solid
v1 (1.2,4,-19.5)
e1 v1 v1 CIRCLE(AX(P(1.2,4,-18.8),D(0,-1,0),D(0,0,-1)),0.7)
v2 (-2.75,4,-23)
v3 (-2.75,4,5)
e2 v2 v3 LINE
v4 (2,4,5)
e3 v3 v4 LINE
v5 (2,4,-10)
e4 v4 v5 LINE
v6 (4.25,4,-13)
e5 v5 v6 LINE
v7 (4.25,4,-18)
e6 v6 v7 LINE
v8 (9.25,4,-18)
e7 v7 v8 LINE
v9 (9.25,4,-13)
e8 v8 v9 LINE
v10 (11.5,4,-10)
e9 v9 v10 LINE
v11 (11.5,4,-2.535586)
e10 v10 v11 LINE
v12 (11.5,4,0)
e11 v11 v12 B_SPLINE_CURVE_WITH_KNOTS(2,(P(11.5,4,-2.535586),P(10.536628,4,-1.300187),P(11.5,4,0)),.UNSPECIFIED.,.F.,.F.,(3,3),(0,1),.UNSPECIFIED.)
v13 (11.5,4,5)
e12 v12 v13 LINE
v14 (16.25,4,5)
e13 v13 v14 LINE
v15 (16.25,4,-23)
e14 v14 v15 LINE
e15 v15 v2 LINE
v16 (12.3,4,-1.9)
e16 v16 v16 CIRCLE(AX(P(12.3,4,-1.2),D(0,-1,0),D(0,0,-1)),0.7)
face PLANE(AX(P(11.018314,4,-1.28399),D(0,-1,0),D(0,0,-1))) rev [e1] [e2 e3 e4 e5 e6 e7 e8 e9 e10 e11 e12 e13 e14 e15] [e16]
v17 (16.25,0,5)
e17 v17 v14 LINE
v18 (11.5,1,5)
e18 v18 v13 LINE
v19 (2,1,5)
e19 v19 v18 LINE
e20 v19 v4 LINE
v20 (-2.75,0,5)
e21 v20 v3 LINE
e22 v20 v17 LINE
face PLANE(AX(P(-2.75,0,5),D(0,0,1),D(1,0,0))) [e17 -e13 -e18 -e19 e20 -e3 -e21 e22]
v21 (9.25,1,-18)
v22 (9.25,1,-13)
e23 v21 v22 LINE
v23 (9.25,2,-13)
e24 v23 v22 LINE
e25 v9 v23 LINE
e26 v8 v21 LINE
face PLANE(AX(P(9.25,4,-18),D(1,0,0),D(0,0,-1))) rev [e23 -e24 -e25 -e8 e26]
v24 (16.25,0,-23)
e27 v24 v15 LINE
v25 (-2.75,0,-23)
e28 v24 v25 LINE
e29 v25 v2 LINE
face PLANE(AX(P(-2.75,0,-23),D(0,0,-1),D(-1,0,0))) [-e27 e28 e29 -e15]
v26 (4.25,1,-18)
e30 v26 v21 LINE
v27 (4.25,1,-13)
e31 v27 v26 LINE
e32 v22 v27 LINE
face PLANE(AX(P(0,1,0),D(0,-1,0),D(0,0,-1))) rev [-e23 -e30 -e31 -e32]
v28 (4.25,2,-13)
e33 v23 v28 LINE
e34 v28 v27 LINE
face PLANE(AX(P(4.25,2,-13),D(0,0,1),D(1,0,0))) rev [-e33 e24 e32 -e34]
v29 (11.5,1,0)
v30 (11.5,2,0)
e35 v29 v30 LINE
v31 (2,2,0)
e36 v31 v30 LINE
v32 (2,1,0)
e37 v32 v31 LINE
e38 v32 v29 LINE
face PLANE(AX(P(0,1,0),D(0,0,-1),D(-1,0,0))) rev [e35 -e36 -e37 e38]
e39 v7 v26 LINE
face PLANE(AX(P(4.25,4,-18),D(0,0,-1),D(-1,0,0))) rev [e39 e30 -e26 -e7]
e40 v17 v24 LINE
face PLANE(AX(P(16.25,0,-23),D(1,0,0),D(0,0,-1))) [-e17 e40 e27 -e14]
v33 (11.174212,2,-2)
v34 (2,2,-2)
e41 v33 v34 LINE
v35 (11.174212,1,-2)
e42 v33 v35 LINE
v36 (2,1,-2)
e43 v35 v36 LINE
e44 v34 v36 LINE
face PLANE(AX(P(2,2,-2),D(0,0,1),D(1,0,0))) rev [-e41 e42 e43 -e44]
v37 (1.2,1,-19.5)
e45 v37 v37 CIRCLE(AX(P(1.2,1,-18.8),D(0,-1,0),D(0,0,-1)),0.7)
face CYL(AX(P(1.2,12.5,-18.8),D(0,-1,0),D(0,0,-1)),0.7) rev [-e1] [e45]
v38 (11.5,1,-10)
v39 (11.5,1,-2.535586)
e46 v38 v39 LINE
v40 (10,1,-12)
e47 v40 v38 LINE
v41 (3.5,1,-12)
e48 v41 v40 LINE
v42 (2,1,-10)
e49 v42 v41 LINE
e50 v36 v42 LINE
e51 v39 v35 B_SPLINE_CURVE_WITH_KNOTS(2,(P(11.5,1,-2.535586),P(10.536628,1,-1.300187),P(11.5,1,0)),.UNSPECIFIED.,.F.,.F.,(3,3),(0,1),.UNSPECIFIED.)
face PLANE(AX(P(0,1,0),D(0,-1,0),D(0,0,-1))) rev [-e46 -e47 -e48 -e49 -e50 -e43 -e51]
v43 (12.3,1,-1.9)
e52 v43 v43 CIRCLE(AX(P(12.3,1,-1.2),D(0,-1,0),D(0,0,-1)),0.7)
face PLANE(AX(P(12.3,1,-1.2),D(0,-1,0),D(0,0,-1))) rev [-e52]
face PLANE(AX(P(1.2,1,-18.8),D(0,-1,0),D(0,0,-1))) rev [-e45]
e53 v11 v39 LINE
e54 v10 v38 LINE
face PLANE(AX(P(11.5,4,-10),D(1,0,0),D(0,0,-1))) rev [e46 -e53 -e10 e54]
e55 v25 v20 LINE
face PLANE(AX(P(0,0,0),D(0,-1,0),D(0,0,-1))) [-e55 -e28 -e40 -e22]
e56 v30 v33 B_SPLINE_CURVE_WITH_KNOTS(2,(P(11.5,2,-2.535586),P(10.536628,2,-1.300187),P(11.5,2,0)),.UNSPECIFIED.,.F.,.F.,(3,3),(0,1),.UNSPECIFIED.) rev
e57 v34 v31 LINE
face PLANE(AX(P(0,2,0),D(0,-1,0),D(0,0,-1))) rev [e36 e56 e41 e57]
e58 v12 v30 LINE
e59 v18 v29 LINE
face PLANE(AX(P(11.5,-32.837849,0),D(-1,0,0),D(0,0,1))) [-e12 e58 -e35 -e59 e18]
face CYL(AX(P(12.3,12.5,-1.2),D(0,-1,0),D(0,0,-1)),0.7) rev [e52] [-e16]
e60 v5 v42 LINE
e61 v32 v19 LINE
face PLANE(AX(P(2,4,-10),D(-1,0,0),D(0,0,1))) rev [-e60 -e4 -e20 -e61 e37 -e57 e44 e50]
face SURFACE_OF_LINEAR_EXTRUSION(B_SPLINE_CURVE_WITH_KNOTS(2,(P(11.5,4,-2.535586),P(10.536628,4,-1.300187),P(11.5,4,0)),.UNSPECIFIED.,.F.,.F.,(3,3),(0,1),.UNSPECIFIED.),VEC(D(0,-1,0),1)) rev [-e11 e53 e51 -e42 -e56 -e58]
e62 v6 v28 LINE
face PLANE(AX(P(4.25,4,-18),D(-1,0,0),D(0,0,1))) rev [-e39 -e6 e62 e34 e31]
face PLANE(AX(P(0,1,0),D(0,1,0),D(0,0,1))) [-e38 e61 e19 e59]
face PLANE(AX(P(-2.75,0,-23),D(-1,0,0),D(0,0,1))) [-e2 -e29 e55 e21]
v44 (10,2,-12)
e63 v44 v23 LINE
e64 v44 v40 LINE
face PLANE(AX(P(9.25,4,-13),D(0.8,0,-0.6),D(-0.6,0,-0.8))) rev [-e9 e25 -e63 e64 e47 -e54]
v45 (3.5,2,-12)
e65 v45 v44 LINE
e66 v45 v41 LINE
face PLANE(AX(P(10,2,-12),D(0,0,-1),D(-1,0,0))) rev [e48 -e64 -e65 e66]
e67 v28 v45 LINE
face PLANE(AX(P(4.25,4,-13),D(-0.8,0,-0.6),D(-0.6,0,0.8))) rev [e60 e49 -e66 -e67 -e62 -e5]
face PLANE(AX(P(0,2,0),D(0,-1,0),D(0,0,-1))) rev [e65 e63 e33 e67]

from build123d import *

# Parameters (mm, degrees)
SKETCH1_W           = 13.5
SKETCH1_H           = 20
BOSS_EXTRUDE1_DEPTH = 1
BOSS_EXTRUDE2_DEPTH = 3
BOSS_EXTRUDE3_DEPTH = 1
CUT_EXTRUDE1_START  = -1
SKETCH4_R           = 0.7
CUT_EXTRUDE1_DEPTH  = 11.5
SKETCH5_W           = 9.5
SKETCH5_H           = 2
BOSS_EXTRUDE4_DEPTH = 1
SKETCH6_W           = 19
SKETCH6_H           = 28
SKETCH6_W_2         = 13.5
SKETCH6_H_2         = 20
BOSS_EXTRUDE5_DEPTH = 1
BOSS_EXTRUDE6_DEPTH = 3


with BuildPart() as part:
    # Sketch1 → Boss-Extrude1 (new body)
    with BuildSketch(Plane(origin=(0, 0, 0), x_dir=(1, 0, 0), z_dir=(0, 1, 0))):
        with Locations((6.75, 10)):
            Rectangle(SKETCH1_W, SKETCH1_H)
    extrude(amount=BOSS_EXTRUDE1_DEPTH)

    # Sketch2 → Boss-Extrude2 (add)
    with BuildSketch(Plane(origin=(0, 1, 0), x_dir=(1, 0, 0), z_dir=(0, 1, 0))):
        with BuildLine():
            Line((2, 10), (2, 2))
            Line((2, 2), (2, 0))
            Line((2, 0), (0, 0))
            Line((0, 0), (0, 20))
            Line((0, 20), (13.5, 20))
            Line((13.5, 20), (13.5, 0))
            Line((13.5, 0), (11.5, 0))
            add(Edge.make_bspline(
                [(11.5, 2.535585729), (10.536627545, 1.300187459), (11.5, 0)],
                knots=[0, 0, 0, 1, 1, 1], degree=2))
            Line((11.5, 2.535585729), (11.5, 10))
            Line((11.5, 10), (9.25, 13))
            Line((9.25, 13), (9.25, 18))
            Line((9.25, 18), (4.25, 18))
            Line((4.25, 18), (4.25, 13))
            Line((4.25, 13), (2, 10))
        make_face()
    extrude(amount=BOSS_EXTRUDE2_DEPTH)

    # Sketch3 → Boss-Extrude3 (add)
    with BuildSketch(Plane(origin=(0, 1, 0), x_dir=(1, 0, 0), z_dir=(0, 1, 0))):
        Polygon((4.25, 13), (9.25, 13), (10, 12), (3.5, 12), align=None)
    extrude(amount=BOSS_EXTRUDE3_DEPTH)

    # Sketch4 → Cut-Extrude1 (cut)
    with BuildSketch(Plane.XZ.offset(CUT_EXTRUDE1_START)):
        with Locations(Location((1.2, -18.8, 0), (0, 0, 270))):
            Circle(SKETCH4_R)
        with Locations(Location((12.3, -1.2, 0), (0, 0, 270))):
            Circle(SKETCH4_R)
    extrude(amount=-CUT_EXTRUDE1_DEPTH, mode=Mode.SUBTRACT)

    # Sketch5 → Boss-Extrude4 (add)
    with BuildSketch(Plane(origin=(0, 1, 0), x_dir=(1, 0, 0), z_dir=(0, 1, 0))):
        with Locations((6.75, 1)):
            Rectangle(SKETCH5_W, SKETCH5_H)
    extrude(amount=BOSS_EXTRUDE4_DEPTH)

    # Sketch6 → Boss-Extrude5 (add)
    with BuildSketch(Plane(origin=(0, 1, 0), x_dir=(1, 0, 0), z_dir=(0, 1, 0))):
        with Locations((6.75, 9)):
            Rectangle(SKETCH6_W, SKETCH6_H)
        with Locations((6.75, 10)):
            Rectangle(SKETCH6_W_2, SKETCH6_H_2, mode=Mode.SUBTRACT)
    extrude(amount=-BOSS_EXTRUDE5_DEPTH)

    # Sketch7 → Boss-Extrude6 (add)
    with BuildSketch(Plane(origin=(0, 4, 0), x_dir=(1, 0, 0), z_dir=(0, 1, 0))):
        Polygon((2, 0), (2, -5), (-2.75, -5), (-2.75, 23), (16.25, 23), (16.25, -5), (11.5, -5), (11.5, 0), (13.5, 0), (13.5, 20), (0, 20), (0, 0), align=None)
    extrude(amount=-BOSS_EXTRUDE6_DEPTH)


solid = part.part
